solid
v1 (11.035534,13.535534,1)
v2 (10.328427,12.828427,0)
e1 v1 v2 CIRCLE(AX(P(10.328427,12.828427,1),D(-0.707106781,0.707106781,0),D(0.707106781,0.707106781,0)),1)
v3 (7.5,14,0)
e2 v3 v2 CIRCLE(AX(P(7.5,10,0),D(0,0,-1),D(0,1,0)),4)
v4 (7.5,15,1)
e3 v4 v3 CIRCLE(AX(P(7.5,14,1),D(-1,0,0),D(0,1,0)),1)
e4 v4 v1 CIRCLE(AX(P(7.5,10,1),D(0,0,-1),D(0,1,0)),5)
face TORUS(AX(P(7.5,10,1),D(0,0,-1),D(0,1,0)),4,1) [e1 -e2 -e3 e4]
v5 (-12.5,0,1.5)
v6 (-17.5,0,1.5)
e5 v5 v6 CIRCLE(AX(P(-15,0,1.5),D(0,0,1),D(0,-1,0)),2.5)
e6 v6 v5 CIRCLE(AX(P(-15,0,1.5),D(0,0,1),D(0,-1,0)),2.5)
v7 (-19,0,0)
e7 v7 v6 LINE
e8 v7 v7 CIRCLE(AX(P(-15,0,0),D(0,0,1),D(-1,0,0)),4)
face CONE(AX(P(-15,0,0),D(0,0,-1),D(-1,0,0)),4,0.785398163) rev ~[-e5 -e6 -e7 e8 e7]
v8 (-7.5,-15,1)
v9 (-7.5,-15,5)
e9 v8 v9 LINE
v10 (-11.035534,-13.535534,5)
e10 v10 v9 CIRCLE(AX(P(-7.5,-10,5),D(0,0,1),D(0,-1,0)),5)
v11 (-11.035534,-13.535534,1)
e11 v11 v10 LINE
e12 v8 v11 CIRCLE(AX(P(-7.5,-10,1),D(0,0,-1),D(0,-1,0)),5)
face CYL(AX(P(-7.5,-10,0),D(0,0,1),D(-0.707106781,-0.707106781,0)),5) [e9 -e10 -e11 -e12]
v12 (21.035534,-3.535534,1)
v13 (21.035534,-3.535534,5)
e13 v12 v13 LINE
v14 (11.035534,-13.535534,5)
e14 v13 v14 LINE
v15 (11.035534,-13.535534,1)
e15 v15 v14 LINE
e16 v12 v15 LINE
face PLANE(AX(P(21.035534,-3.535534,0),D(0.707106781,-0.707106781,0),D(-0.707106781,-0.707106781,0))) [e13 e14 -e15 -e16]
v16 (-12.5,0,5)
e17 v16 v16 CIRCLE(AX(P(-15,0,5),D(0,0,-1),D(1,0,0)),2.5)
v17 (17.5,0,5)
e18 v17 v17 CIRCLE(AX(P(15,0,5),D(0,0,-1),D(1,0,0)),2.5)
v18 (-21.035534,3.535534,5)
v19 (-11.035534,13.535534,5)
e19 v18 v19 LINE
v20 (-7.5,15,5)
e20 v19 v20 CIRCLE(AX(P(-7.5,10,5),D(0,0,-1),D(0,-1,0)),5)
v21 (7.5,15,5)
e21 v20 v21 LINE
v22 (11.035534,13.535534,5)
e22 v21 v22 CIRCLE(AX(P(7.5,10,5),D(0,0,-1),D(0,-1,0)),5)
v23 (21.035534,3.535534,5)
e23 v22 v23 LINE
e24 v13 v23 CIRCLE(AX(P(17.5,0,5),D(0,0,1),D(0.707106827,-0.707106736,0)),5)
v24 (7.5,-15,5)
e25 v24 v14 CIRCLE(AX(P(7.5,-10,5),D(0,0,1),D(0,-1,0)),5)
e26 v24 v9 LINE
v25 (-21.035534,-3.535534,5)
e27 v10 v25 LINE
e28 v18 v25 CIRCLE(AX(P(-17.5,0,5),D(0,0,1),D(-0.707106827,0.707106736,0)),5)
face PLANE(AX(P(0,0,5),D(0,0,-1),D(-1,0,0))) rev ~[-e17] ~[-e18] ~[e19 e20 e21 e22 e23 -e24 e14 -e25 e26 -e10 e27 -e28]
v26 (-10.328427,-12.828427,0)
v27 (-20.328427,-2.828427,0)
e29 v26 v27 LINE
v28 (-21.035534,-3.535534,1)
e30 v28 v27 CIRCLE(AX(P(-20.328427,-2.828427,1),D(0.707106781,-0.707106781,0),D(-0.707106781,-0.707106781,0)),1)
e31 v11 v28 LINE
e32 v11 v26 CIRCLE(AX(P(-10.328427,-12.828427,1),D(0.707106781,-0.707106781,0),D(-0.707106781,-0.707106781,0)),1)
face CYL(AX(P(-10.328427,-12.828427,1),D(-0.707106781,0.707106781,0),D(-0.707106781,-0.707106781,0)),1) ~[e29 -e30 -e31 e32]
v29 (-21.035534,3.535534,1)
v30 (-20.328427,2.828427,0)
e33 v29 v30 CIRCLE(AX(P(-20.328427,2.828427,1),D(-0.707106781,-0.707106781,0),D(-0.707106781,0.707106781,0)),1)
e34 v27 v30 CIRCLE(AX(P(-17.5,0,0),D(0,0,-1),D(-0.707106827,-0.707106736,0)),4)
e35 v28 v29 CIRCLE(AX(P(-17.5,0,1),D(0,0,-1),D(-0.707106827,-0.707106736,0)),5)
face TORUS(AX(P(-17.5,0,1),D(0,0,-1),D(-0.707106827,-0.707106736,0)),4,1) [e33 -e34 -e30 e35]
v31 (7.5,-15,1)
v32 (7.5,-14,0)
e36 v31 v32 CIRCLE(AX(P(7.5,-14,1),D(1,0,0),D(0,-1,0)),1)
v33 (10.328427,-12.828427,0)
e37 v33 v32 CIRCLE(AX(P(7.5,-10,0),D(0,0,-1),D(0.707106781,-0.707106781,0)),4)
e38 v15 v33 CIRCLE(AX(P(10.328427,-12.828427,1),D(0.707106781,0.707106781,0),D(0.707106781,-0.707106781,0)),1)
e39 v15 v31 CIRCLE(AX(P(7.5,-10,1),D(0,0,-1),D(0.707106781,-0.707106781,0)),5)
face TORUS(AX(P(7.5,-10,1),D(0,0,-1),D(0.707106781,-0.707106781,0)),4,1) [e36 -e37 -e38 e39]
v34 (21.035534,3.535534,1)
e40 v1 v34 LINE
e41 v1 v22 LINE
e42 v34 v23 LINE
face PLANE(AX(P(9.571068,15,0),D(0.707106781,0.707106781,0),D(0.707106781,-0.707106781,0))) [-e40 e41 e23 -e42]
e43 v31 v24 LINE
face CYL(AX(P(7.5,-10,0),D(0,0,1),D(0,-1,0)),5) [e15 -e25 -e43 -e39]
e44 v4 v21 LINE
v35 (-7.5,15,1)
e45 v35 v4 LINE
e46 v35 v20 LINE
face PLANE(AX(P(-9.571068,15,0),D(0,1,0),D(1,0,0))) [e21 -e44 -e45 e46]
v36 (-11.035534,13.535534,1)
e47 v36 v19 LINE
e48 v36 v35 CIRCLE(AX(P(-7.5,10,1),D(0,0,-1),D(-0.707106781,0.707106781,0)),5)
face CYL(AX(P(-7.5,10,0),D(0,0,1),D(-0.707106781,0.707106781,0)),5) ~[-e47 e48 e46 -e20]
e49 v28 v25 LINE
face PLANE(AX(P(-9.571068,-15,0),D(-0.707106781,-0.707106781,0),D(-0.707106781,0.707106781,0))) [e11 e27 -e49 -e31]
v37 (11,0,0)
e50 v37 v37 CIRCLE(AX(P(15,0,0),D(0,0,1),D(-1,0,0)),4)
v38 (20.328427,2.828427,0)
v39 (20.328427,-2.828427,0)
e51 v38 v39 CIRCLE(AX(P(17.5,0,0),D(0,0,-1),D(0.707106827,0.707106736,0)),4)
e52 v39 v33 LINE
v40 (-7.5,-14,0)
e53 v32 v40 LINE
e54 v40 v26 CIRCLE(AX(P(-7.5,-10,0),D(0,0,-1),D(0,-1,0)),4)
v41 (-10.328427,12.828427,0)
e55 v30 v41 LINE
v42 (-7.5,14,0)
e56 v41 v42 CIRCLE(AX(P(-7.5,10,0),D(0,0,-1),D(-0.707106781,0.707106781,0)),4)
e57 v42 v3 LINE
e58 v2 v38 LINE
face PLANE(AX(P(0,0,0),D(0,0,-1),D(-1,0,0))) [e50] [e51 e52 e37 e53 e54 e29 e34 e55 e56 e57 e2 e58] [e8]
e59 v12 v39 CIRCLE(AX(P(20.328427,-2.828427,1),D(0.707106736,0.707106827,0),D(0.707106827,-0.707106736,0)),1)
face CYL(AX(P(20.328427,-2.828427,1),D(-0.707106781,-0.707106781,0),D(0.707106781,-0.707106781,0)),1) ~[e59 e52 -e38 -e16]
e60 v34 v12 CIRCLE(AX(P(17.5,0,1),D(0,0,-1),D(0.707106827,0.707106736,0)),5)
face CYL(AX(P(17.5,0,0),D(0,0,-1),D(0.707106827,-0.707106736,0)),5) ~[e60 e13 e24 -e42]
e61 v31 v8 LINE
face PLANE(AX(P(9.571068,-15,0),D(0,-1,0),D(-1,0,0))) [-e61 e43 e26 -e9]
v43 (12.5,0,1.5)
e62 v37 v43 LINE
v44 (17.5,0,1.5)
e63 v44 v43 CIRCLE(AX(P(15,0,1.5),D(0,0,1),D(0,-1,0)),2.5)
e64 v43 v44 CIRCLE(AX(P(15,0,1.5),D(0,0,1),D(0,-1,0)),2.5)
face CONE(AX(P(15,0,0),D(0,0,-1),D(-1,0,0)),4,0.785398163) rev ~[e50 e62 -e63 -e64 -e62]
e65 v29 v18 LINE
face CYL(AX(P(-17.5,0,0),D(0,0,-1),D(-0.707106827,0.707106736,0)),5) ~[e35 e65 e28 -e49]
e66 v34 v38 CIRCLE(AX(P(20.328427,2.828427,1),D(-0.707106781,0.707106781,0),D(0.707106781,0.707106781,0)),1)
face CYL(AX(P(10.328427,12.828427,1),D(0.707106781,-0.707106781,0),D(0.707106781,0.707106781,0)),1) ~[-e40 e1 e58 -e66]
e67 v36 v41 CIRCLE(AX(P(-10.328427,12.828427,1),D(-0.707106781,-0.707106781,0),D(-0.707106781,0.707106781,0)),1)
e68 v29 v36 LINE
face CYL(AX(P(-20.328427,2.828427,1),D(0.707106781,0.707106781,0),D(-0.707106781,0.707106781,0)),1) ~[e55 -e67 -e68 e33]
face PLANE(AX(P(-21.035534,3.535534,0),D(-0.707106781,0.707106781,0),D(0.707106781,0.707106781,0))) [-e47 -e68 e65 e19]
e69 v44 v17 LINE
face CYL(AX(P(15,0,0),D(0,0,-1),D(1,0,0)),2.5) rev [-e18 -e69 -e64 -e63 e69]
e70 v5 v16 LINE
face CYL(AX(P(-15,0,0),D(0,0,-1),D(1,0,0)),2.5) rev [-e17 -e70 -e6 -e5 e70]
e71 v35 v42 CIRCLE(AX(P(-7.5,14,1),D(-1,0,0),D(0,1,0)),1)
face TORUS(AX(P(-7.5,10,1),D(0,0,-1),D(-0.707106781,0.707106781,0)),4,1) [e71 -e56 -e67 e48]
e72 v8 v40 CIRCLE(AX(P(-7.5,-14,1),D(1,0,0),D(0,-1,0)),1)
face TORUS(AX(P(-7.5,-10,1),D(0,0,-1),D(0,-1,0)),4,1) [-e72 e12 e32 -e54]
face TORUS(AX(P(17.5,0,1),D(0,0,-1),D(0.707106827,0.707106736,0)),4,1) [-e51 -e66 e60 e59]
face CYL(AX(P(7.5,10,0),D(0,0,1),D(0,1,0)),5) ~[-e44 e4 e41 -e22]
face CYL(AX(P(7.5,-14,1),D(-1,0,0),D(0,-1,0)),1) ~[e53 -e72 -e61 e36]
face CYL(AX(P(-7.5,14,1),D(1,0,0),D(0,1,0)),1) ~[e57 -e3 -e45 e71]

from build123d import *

# Parameters (mm, degrees)
SKETCH_R         = 2.5
PAD_DEPTH        = 5
FILLET_R         = 5
FILLET001_R      = 1
HOLE_D           = 5
HOLE_CSINK_D     = 8
HOLE_CSINK_ANGLE = 90


with BuildPart() as part:
    # Sketch → Pad (new body)
    with BuildSketch(Plane.XY):
        with BuildLine():
            Line((-21.035534, 3.535534), (-9.571068, 15))
            Line((-9.571068, 15), (9.571068, 15))
            Line((9.571068, 15), (21.035534, 3.535534))
            ThreePointArc((21.035534, -3.535534), (22.5, 0), (21.035534, 3.535534))
            Line((21.035534, -3.535534), (9.571068, -15))
            Line((9.571068, -15), (-9.571068, -15))
            Line((-9.571068, -15), (-21.035534, -3.535534))
            ThreePointArc((-21.035534, 3.535534), (-22.5, 0), (-21.035534, -3.535534))
        make_face()
        with Locations((-15, 0)):
            Circle(SKETCH_R, mode=Mode.SUBTRACT)
        with Locations((15, 0)):
            Circle(SKETCH_R, mode=Mode.SUBTRACT)
    extrude(amount=PAD_DEPTH)

    # Fillet
    fillet_edges = [part.edges().sort_by_distance(p)[0] for p in [
        (9.571068, -15, 2.5),
        (-9.571068, -15, 2.5),
        (9.571068, 15, 2.5),
        (-9.571068, 15, 2.5),
    ]]
    fillet(fillet_edges, radius=FILLET_R)

    # Fillet001
    fillet001_edges = [part.edges().sort_by_distance(p)[0] for p in [
        (-16.035534, 8.535534, 0),
        (-9.413417, 14.619398, 0),
        (-22.5, 0, 0),
        (0, 15, 0),
        (-16.035534, -8.535534, 0),
        (9.413417, 14.619398, 0),
        (-9.413417, -14.619398, 0),
        (16.035534, 8.535534, 0),
        (0, -15, 0),
        (22.5, 0, 0),
        (9.413417, -14.619398, 0),
        (16.035534, -8.535534, 0),
        (12.5, 0, 0),
        (-17.5, 0, 0),
    ]]
    fillet(fillet001_edges, radius=FILLET001_R)

    # Hole (through all)
    with Locations(Plane(origin=(0, 0, 0), x_dir=(1, 0, 0), z_dir=(0, 0, -1))):
        with Locations((-15, 0), (15, 0)):
            CounterSinkHole(HOLE_D / 2, HOLE_CSINK_D / 2, counter_sink_angle=HOLE_CSINK_ANGLE)


solid = part.part
